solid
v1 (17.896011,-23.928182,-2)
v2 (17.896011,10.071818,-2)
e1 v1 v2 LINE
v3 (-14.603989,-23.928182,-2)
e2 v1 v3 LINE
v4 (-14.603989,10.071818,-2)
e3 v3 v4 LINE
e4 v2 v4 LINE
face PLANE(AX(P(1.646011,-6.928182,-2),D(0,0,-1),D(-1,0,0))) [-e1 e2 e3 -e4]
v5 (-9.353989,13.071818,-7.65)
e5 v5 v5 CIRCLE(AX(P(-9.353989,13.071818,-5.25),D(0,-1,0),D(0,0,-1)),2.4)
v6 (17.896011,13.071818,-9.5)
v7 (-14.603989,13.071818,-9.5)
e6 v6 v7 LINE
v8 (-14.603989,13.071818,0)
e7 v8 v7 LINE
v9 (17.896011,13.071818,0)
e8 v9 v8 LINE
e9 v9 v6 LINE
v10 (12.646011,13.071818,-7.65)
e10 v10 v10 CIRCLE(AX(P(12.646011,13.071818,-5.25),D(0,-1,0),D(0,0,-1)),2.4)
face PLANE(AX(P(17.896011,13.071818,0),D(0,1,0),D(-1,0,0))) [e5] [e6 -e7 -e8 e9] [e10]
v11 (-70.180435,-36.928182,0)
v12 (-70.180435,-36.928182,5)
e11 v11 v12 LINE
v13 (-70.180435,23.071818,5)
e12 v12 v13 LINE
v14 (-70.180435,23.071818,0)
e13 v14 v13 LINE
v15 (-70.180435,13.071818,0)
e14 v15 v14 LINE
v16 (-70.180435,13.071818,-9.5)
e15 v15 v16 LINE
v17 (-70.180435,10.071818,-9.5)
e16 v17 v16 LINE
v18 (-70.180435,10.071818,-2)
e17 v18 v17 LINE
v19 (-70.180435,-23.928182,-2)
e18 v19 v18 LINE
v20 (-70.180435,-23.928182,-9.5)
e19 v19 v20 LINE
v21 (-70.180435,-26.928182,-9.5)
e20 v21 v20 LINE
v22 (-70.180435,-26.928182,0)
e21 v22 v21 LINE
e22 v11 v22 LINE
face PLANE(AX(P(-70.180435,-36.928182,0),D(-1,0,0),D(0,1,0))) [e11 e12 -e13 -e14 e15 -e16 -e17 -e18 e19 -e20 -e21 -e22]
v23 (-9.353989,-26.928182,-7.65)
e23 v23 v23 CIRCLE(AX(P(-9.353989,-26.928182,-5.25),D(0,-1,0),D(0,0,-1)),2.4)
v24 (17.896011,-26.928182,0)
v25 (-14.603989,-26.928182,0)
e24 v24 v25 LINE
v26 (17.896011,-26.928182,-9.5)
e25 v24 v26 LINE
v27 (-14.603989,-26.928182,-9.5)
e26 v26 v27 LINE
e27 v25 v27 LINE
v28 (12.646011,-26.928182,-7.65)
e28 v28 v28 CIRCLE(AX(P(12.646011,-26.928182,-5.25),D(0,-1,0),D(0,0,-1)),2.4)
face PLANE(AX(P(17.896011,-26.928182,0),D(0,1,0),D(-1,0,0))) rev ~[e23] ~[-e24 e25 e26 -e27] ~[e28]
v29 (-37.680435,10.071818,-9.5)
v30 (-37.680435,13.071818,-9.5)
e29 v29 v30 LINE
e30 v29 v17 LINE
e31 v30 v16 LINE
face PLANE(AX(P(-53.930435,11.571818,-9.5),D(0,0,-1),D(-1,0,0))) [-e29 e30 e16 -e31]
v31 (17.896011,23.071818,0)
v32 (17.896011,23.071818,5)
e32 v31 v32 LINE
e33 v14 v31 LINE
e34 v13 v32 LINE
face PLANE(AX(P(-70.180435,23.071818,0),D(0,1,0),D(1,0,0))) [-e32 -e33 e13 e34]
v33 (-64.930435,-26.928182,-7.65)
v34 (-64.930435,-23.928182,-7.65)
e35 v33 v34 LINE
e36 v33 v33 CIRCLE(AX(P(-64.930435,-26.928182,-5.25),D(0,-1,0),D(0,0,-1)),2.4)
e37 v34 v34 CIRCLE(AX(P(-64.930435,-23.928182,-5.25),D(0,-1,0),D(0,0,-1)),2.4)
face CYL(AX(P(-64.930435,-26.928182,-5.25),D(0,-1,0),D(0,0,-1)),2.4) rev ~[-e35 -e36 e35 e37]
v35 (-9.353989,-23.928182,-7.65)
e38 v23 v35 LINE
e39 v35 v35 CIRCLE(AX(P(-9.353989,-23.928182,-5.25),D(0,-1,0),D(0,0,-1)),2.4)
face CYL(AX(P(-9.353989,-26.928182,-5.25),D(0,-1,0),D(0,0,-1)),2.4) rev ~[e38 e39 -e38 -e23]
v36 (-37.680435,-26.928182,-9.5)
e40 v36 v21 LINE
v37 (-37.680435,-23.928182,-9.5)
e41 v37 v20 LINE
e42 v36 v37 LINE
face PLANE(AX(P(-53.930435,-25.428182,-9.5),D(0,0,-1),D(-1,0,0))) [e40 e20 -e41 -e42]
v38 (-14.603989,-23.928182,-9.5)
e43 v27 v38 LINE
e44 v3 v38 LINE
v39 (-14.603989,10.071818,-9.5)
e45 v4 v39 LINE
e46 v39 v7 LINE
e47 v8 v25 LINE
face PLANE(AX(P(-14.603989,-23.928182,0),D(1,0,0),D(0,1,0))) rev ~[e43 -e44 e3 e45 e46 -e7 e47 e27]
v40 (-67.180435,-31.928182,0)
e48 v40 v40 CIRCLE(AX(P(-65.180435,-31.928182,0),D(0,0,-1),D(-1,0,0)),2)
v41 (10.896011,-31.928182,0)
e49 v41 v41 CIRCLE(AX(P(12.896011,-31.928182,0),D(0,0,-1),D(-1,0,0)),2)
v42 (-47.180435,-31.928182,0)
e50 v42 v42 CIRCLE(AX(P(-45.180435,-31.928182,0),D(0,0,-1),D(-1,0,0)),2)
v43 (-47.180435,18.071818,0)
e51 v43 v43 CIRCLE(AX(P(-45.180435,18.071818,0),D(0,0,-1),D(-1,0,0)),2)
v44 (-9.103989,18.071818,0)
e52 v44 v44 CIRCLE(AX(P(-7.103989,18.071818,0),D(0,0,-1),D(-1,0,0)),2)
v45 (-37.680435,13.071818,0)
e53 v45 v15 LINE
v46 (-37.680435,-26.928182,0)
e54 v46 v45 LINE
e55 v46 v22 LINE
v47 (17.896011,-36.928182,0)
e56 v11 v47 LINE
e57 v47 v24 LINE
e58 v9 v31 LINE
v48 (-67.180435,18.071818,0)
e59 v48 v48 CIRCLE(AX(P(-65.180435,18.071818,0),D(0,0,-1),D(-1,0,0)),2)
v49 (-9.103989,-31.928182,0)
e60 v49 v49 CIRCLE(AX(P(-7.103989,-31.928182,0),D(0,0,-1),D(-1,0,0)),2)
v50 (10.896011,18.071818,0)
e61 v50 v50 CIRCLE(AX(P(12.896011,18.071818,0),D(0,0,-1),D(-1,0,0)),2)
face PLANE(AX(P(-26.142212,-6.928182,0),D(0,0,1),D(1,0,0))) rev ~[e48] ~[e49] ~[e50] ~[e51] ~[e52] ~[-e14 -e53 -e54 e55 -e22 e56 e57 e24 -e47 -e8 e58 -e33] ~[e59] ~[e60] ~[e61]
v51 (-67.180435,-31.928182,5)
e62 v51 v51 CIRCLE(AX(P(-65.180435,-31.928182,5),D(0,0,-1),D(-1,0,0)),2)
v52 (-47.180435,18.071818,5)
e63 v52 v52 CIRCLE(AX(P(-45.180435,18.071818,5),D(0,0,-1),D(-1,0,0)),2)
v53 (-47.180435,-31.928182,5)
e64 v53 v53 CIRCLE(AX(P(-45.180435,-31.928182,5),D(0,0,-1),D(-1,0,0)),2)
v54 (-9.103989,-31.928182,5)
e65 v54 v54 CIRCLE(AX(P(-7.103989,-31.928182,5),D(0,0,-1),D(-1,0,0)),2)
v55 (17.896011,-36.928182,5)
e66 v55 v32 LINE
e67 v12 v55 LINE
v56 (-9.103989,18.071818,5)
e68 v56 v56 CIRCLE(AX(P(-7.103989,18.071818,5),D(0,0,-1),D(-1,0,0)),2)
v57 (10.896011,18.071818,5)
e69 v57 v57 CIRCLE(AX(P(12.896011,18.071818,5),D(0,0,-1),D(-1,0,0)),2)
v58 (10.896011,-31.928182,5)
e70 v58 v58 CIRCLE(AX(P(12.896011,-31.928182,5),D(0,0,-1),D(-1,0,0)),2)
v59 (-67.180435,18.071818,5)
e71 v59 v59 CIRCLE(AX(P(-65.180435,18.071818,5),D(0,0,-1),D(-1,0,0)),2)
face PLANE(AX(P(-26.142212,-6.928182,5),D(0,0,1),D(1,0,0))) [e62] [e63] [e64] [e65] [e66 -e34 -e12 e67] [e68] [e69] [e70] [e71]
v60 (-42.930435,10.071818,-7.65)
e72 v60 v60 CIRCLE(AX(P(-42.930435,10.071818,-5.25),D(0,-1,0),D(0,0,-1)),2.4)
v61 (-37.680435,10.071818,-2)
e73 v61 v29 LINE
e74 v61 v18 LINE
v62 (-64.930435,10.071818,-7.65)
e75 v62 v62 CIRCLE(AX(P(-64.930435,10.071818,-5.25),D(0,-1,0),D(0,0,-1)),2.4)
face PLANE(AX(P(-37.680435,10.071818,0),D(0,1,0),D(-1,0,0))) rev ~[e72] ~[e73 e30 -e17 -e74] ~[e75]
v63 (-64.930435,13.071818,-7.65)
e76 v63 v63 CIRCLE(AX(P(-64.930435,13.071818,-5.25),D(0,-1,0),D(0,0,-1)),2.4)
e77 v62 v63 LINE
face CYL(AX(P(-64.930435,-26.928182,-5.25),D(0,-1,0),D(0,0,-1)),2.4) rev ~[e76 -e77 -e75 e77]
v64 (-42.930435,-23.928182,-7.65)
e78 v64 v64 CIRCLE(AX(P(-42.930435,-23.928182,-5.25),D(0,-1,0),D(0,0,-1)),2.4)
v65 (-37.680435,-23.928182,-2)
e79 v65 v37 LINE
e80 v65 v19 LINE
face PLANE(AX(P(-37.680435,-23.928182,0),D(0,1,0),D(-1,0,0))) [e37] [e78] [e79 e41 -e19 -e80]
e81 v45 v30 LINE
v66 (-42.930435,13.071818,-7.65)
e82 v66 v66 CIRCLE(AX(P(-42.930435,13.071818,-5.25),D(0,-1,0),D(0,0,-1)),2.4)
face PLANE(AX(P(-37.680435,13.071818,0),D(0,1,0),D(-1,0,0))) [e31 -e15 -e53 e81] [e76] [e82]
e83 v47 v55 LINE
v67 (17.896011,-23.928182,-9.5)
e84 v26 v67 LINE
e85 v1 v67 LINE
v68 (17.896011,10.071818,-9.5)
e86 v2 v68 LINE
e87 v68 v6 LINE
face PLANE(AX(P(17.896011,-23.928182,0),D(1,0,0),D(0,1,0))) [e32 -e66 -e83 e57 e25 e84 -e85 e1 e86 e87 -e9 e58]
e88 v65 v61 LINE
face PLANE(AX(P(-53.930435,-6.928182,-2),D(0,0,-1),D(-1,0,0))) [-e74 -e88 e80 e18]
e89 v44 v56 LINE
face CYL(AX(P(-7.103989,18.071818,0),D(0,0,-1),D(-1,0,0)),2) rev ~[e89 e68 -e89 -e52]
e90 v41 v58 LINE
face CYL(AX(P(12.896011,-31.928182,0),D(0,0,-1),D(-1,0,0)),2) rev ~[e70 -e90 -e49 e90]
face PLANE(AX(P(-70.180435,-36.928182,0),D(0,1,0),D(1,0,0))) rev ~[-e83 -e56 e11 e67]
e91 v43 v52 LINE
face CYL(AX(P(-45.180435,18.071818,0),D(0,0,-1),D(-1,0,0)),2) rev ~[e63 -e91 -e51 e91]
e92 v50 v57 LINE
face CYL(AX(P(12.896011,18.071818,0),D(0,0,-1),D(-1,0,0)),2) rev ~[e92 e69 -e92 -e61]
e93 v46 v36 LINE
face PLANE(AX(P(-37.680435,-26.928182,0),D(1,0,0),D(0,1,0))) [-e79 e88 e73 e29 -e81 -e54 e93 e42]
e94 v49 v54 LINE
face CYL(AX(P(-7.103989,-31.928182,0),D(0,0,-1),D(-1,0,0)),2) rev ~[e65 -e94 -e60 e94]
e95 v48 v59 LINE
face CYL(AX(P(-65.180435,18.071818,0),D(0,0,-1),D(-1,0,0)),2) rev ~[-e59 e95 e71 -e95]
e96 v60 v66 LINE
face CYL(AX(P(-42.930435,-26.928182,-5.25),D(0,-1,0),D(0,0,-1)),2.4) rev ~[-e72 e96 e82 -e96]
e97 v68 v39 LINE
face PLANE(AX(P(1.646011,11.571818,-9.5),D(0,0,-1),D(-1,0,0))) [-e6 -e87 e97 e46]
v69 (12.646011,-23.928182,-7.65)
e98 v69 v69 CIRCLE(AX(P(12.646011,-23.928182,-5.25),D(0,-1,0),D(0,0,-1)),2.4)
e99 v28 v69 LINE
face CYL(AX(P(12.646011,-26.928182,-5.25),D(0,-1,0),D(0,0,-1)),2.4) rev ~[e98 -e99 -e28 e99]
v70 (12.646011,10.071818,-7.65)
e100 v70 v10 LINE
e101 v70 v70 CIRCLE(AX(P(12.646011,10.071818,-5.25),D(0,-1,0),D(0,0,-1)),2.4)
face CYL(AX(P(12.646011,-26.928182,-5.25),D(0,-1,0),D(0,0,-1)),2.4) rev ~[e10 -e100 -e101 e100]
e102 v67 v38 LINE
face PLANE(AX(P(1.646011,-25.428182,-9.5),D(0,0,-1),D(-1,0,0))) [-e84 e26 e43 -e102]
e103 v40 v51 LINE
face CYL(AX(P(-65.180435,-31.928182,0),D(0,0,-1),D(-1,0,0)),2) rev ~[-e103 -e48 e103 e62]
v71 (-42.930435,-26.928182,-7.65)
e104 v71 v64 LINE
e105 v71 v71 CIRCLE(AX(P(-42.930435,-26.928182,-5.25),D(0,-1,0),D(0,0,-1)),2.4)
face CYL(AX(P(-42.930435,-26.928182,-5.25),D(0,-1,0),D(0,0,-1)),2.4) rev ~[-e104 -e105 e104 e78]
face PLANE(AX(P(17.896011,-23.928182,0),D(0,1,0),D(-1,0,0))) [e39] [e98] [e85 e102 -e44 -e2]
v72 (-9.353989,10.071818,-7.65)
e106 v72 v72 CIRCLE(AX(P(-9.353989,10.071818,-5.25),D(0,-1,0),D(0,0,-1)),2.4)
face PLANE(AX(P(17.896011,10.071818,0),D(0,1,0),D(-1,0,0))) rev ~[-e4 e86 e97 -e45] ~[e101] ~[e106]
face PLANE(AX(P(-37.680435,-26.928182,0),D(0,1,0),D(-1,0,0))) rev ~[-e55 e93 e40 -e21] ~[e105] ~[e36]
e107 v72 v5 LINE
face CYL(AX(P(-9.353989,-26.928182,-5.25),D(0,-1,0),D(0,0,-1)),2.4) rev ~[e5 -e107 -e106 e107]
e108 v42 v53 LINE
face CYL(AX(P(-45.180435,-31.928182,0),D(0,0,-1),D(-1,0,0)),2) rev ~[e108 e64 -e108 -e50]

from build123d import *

# Parameters (mm, degrees)
SKETCH_1_W          = 88.07644651
SKETCH_1_H          = 60
EXTRUDE_1_DEPTH     = 5
SKETCH_3_W          = 32.5
SKETCH_3_H          = 3
EXTRUDE_2_DEPTH     = 9.5
SKETCH_4_R          = 2.4
CUT_EXTRUDE_2_DEPTH = 100
SKETCH_5_W          = 32.5
SKETCH_5_H          = 34
EXTRUDE_3_DEPTH     = 2
SKETCH_6_R          = 2
CUT_EXTRUDE_3_DEPTH = 10


with BuildPart() as part:
    # 草图1 → 凸台-拉伸1 (new body)
    with BuildSketch(Plane.XY):
        with Locations((-26.142212211, -6.928181841)):
            Rectangle(SKETCH_1_W, SKETCH_1_H)
    extrude(amount=EXTRUDE_1_DEPTH)

    # 草图3 → 凸台-拉伸2 (add)
    with BuildSketch(Plane(origin=(0, 0, 0), x_dir=(-1, 0, 0), z_dir=(0, 0, -1))):
        with Locations((-1.646011044, 11.571818159)):
            Rectangle(SKETCH_3_W, SKETCH_3_H)
        with Locations((53.930435466, 11.571818159)):
            Rectangle(SKETCH_3_W, SKETCH_3_H)
        with Locations((-1.646011044, -25.428181841)):
            Rectangle(SKETCH_3_W, SKETCH_3_H)
        with Locations((53.930435466, -25.428181841)):
            Rectangle(SKETCH_3_W, SKETCH_3_H)
    extrude(amount=EXTRUDE_2_DEPTH)

    # 草图4 → 切除-拉伸2 (cut)
    with BuildSketch(Plane(origin=(0, -26.928181841, 0), x_dir=(-1, 0, 0), z_dir=(0, -1, 0))):
        with Locations(Location((-12.646011044, 5.25, 0), (0, 0, 90))):
            Circle(SKETCH_4_R)
        with Locations(Location((9.353988956, 5.25, 0), (0, 0, 90))):
            Circle(SKETCH_4_R)
        with Locations(Location((42.930435466, 5.25, 0), (0, 0, 90))):
            Circle(SKETCH_4_R)
        with Locations(Location((64.930435466, 5.25, 0), (0, 0, 90))):
            Circle(SKETCH_4_R)
    extrude(amount=-CUT_EXTRUDE_2_DEPTH, mode=Mode.SUBTRACT)

    # 草图5 → 凸台-拉伸3 (add)
    with BuildSketch(Plane(origin=(0, 0, 0), x_dir=(-1, 0, 0), z_dir=(0, 0, -1))):
        with Locations((-1.646011044, -6.928181841)):
            Rectangle(SKETCH_5_W, SKETCH_5_H)
        with Locations((53.930435466, -6.928181841)):
            Rectangle(SKETCH_5_W, SKETCH_5_H)
    extrude(amount=EXTRUDE_3_DEPTH)

    # 草图6 → 切除-拉伸3 (cut)
    with BuildSketch(Plane(origin=(0, 0, 0), x_dir=(-1, 0, 0), z_dir=(0, 0, -1))):
        with Locations((-12.896011044, 18.071818159)):
            Circle(SKETCH_6_R)
        with Locations((-12.896011044, -31.928181841)):
            Circle(SKETCH_6_R)
        with Locations((7.103988956, 18.071818159)):
            Circle(SKETCH_6_R)
        with Locations((7.103988956, -31.928181841)):
            Circle(SKETCH_6_R)
        with Locations((65.180435466, 18.071818159)):
            Circle(SKETCH_6_R)
        with Locations((65.180435466, -31.928181841)):
            Circle(SKETCH_6_R)
        with Locations((45.180435466, 18.071818159)):
            Circle(SKETCH_6_R)
        with Locations((45.180435466, -31.928181841)):
            Circle(SKETCH_6_R)
    extrude(amount=-CUT_EXTRUDE_3_DEPTH, mode=Mode.SUBTRACT)


solid = part.part
